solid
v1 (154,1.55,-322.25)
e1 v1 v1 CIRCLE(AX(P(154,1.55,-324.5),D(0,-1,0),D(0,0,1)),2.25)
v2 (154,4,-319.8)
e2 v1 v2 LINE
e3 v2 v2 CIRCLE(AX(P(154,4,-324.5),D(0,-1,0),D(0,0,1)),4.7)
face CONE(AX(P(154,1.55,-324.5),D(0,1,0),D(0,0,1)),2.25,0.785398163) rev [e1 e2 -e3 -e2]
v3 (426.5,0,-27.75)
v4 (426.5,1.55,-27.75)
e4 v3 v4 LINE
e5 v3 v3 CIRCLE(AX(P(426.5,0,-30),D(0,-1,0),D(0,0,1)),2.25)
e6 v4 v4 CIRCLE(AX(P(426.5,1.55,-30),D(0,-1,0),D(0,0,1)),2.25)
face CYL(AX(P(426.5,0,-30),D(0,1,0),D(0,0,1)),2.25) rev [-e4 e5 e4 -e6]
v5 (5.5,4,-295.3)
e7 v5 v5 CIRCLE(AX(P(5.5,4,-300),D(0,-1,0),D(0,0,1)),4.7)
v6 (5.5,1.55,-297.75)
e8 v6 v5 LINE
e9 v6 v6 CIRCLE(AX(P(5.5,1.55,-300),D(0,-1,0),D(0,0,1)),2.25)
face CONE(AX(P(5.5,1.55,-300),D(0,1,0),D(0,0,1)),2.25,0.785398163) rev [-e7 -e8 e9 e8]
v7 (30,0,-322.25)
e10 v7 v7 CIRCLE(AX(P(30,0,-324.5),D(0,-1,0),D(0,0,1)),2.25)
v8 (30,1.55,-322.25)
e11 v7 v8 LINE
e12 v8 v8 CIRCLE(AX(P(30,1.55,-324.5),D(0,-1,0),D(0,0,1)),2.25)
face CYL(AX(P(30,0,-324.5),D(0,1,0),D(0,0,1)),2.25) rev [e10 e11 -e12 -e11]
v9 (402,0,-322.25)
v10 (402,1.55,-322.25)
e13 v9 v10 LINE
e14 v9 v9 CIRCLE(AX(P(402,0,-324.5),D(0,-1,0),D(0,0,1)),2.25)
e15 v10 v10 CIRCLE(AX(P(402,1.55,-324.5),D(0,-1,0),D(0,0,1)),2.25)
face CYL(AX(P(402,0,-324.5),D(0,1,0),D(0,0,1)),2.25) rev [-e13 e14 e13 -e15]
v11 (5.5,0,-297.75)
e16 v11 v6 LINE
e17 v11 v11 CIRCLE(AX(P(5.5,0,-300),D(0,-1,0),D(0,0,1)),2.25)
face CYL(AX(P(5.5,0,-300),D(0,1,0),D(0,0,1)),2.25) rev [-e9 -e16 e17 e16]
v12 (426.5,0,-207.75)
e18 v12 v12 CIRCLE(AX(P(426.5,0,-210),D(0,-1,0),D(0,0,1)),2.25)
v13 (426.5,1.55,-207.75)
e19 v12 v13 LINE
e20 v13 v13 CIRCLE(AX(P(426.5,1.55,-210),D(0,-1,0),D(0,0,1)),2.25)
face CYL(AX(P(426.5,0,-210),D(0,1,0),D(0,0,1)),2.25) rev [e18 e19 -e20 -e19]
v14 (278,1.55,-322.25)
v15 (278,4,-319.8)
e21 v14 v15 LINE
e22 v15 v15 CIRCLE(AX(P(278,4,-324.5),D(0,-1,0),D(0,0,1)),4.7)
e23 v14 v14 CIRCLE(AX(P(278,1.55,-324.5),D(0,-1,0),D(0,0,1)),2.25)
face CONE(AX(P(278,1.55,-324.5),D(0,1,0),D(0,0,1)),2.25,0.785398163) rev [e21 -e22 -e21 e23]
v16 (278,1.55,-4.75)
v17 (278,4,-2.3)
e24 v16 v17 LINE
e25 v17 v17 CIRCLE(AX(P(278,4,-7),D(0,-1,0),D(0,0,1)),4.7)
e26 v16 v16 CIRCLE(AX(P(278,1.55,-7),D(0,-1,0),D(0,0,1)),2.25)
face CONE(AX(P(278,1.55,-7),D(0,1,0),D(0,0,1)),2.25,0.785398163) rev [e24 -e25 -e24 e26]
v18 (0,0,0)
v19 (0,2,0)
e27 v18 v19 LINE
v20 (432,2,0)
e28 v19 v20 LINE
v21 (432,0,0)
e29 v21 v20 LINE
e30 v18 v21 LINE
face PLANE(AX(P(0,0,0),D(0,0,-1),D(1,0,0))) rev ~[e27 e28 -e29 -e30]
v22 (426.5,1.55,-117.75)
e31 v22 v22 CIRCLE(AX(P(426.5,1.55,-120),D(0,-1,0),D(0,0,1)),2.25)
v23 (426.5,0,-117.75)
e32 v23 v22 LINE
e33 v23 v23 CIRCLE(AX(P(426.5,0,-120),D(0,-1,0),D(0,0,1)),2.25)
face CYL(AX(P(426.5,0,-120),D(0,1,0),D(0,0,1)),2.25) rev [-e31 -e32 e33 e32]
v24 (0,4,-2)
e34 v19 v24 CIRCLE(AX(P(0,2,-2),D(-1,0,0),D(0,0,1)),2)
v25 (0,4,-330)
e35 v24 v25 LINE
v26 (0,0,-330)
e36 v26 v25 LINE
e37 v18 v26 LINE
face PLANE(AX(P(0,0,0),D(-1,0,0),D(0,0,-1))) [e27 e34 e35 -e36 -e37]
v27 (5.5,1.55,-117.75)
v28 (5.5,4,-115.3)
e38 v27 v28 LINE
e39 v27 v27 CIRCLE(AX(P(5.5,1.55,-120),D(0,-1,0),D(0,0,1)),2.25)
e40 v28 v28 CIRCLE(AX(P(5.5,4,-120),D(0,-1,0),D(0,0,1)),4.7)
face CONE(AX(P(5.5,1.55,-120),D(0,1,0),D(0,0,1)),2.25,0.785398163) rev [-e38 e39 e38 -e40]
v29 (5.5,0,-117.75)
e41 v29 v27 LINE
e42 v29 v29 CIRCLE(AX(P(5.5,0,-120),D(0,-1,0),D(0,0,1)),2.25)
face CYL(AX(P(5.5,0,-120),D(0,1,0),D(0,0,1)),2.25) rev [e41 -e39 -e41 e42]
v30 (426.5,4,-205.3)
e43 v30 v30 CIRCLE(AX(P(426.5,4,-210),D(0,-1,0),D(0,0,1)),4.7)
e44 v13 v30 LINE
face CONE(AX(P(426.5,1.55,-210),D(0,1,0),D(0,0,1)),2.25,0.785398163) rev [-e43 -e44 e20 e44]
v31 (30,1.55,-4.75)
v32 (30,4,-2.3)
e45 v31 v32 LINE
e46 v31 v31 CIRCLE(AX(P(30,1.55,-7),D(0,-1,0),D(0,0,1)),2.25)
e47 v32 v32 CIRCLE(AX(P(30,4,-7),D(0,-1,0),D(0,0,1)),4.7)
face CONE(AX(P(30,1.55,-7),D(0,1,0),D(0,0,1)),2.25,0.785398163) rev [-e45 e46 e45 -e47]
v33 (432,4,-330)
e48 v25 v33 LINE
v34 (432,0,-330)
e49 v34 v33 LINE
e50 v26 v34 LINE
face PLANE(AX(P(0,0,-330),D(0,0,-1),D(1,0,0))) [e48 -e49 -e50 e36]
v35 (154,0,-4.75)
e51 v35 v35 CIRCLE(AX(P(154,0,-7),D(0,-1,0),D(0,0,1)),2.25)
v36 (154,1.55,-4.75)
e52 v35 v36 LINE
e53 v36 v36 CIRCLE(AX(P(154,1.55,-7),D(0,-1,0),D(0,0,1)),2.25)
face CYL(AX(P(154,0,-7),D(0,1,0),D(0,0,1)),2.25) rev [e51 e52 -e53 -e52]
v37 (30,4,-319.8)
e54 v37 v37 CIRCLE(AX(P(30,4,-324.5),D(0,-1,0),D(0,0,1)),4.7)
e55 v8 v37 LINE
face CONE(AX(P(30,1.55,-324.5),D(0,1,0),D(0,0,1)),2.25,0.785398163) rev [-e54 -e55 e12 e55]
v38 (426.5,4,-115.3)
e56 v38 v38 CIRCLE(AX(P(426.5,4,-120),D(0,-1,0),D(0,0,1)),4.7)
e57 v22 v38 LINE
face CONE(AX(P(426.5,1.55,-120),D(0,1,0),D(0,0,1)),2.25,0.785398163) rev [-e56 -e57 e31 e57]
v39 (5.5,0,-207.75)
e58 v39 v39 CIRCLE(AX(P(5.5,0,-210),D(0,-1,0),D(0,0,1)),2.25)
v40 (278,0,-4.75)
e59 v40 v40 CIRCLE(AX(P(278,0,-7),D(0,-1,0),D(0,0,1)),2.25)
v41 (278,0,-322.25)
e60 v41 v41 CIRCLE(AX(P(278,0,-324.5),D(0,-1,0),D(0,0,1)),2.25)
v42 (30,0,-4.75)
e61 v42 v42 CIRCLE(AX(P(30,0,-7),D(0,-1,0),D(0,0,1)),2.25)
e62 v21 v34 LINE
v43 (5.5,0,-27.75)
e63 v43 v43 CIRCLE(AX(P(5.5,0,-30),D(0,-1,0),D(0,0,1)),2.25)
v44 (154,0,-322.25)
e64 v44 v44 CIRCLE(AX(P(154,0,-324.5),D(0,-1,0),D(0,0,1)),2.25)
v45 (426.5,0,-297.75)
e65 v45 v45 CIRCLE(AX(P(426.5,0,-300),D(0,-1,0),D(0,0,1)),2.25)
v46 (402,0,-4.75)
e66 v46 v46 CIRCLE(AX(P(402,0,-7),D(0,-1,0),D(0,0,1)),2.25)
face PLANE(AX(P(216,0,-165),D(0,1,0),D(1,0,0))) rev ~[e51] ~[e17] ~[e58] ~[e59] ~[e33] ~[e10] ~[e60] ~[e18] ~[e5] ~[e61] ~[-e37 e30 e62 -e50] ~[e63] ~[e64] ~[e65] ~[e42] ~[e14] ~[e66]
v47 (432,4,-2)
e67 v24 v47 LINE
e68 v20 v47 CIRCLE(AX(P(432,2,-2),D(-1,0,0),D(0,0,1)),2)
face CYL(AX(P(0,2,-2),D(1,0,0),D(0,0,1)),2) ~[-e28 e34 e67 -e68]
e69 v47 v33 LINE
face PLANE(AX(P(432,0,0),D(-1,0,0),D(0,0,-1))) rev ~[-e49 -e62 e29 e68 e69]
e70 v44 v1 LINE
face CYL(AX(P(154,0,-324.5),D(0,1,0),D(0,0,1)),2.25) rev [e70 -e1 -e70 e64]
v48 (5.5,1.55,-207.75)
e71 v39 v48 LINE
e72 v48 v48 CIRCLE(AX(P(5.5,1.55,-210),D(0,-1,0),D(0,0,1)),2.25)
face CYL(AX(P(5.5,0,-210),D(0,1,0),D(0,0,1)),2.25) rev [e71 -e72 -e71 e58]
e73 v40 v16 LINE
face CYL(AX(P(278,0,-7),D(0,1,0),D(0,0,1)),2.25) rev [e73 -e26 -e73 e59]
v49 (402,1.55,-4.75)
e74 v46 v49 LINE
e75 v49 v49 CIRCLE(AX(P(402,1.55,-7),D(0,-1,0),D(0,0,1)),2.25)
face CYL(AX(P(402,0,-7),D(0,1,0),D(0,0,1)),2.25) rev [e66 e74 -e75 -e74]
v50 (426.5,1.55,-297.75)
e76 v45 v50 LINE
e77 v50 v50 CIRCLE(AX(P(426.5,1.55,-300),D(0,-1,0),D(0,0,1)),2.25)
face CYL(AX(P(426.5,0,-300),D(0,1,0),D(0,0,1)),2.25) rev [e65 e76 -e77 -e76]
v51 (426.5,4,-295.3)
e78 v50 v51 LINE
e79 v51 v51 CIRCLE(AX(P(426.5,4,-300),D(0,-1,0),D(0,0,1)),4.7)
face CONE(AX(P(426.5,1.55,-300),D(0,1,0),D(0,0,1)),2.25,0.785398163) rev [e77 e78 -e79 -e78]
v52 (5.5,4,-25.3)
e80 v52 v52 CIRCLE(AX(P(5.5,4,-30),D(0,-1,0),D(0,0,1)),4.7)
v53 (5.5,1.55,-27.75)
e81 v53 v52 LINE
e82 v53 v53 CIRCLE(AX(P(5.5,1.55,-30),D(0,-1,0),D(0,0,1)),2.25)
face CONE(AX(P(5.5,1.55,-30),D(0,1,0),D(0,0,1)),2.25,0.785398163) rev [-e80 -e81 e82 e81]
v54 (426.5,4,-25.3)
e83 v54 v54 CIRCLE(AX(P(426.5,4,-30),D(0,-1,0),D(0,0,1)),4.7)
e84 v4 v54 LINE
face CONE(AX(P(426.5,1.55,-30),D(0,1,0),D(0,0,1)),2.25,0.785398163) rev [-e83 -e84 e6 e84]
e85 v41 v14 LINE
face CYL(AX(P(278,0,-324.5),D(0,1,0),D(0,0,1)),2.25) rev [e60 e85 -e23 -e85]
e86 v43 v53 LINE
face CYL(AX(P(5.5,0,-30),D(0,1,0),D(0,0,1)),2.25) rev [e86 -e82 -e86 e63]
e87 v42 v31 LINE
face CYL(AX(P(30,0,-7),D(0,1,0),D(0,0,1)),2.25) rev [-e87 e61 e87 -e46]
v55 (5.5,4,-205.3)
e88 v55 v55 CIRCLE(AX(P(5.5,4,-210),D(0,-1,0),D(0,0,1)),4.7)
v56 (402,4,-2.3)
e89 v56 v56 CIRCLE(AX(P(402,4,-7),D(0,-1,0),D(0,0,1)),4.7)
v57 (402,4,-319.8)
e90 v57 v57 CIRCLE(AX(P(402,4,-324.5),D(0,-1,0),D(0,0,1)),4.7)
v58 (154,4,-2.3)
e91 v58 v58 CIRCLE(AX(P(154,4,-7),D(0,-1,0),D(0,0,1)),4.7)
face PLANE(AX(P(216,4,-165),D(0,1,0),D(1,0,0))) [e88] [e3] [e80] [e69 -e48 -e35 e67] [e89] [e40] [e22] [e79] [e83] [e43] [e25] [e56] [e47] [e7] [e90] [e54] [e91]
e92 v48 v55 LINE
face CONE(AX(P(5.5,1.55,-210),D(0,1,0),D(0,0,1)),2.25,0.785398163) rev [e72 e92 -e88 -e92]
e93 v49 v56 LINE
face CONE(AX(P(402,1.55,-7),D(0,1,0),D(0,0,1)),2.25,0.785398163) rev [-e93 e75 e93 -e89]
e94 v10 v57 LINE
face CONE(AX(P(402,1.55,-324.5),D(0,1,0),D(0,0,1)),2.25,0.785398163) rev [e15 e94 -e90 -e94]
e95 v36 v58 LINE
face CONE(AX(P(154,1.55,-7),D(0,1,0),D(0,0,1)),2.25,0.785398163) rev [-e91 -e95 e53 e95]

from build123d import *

# Parameters (mm, degrees)
SKETCH_2_W                 = 432
SKETCH_2_H                 = 330
EXTRUDE_1_DEPTH            = 4
FILLET_1_R                 = 2
HOLE_WIZARD_M4_AT_2_COUNT  = 2
HOLE_WIZARD_M4_AT_2_PITCH  = 124
HOLE_WIZARD_M4_AT_3_COUNT  = 2
HOLE_WIZARD_M4_AT_3_PITCH  = 248
HOLE_WIZARD_M4_AT_4_COUNT  = 2
HOLE_WIZARD_M4_AT_4_PITCH  = 372
HOLE_WIZARD_M4_AT_5_COUNT  = 2
HOLE_WIZARD_M4_AT_5_PITCH  = 397.256214552
HOLE_WIZARD_M4_AT_6_COUNT  = 2
HOLE_WIZARD_M4_AT_6_PITCH  = 412.701465953
HOLE_WIZARD_M4_AT_7_COUNT  = 2
HOLE_WIZARD_M4_AT_7_PITCH  = 446.130586264
HOLE_WIZARD_M4_AT_8_COUNT  = 2
HOLE_WIZARD_M4_AT_8_PITCH  = 493.905355306
HOLE_WIZARD_M4_AT_9_COUNT  = 2
HOLE_WIZARD_M4_AT_9_PITCH  = 489.070802645
HOLE_WIZARD_M4_AT_10_COUNT = 2
HOLE_WIZARD_M4_AT_10_PITCH = 402.87746276
HOLE_WIZARD_M4_AT_11_COUNT = 2
HOLE_WIZARD_M4_AT_11_PITCH = 340.855174524
HOLE_WIZARD_M4_AT_12_COUNT = 2
HOLE_WIZARD_M4_AT_12_PITCH = 317.5
HOLE_WIZARD_M4_AT_13_COUNT = 2
HOLE_WIZARD_M4_AT_13_PITCH = 295.517342977
HOLE_WIZARD_M4_AT_14_COUNT = 2
HOLE_WIZARD_M4_AT_14_PITCH = 205.962375205
HOLE_WIZARD_M4_AT_15_COUNT = 2
HOLE_WIZARD_M4_AT_15_PITCH = 117.091844293
HOLE_WIZARD_M4_AT_16_COUNT = 2
HOLE_WIZARD_M4_AT_16_PITCH = 34.648232278


with BuildPart() as part:
    # 草圖2 → 填料-伸長1 (new body)
    with BuildSketch(Plane(origin=(0, 0, 0), x_dir=(1, 0, 0), z_dir=(0, 1, 0))):
        with Locations((216, 165)):
            Rectangle(SKETCH_2_W, SKETCH_2_H)
    extrude(amount=EXTRUDE_1_DEPTH)

    # 圓角1
    fillet_1_edges = [part.edges().sort_by_distance(p)[0] for p in [
        (216, 4, 0),
    ]]
    fillet(fillet_1_edges, radius=FILLET_1_R)

    # 草圖4 → M4 測板連接 (revolve, cut)
    with BuildSketch(Plane(origin=(30, 4, -324.5), x_dir=(0, 0, 1), z_dir=(1, 0, 0))):
        Polygon((0, 0), (0, 4), (2.25, 4), (2.25, 2.45), (4.7, 0), align=None)
    hole_wizard_m4 = revolve(axis=Axis((30, 10.35, -324.5), (0, -1, 0)), mode=Mode.SUBTRACT)

    # M4 測板連接 at 2: M4 測板連接 ×2
    with Locations(*[(i * HOLE_WIZARD_M4_AT_2_PITCH, 0, 0) for i in range(1, HOLE_WIZARD_M4_AT_2_COUNT)]):
        add(hole_wizard_m4, mode=Mode.SUBTRACT)

    # M4 測板連接 at 3: M4 測板連接 ×2
    with Locations(*[(i * HOLE_WIZARD_M4_AT_3_PITCH, 0, 0) for i in range(1, HOLE_WIZARD_M4_AT_3_COUNT)]):
        add(hole_wizard_m4, mode=Mode.SUBTRACT)

    # M4 測板連接 at 4: M4 測板連接 ×2
    with Locations(*[(i * HOLE_WIZARD_M4_AT_4_PITCH, 0, 0) for i in range(1, HOLE_WIZARD_M4_AT_4_COUNT)]):
        add(hole_wizard_m4, mode=Mode.SUBTRACT)

    # M4 測板連接 at 5: M4 測板連接 ×2
    with Locations(*[Vector(0.998096406, 0, 0.061673044) * (i * HOLE_WIZARD_M4_AT_5_PITCH) for i in range(1, HOLE_WIZARD_M4_AT_5_COUNT)]):
        add(hole_wizard_m4, mode=Mode.SUBTRACT)

    # M4 測板連接 at 6: M4 測板連接 ×2
    with Locations(*[Vector(0.960742892, 0, 0.277440255) * (i * HOLE_WIZARD_M4_AT_6_PITCH) for i in range(1, HOLE_WIZARD_M4_AT_6_COUNT)]):
        add(hole_wizard_m4, mode=Mode.SUBTRACT)

    # M4 測板連接 at 7: M4 測板連接 ×2
    with Locations(*[Vector(0.888753231, 0, 0.458385967) * (i * HOLE_WIZARD_M4_AT_7_PITCH) for i in range(1, HOLE_WIZARD_M4_AT_7_COUNT)]):
        add(hole_wizard_m4, mode=Mode.SUBTRACT)

    # M4 測板連接 at 8: M4 測板連接 ×2
    with Locations(*[Vector(0.802785383, 0, 0.596268084) * (i * HOLE_WIZARD_M4_AT_8_PITCH) for i in range(1, HOLE_WIZARD_M4_AT_8_COUNT)]):
        add(hole_wizard_m4, mode=Mode.SUBTRACT)

    # M4 測板連接 at 9: M4 測板連接 ×2
    with Locations(*[Vector(0.760626065, 0, 0.649190257) * (i * HOLE_WIZARD_M4_AT_9_PITCH) for i in range(1, HOLE_WIZARD_M4_AT_9_COUNT)]):
        add(hole_wizard_m4, mode=Mode.SUBTRACT)

    # M4 測板連接 at 10: M4 測板連接 ×2
    with Locations(*[Vector(0.615571788, 0, 0.788080817) * (i * HOLE_WIZARD_M4_AT_10_PITCH) for i in range(1, HOLE_WIZARD_M4_AT_10_COUNT)]):
        add(hole_wizard_m4, mode=Mode.SUBTRACT)

    # M4 測板連接 at 11: M4 測板連接 ×2
    with Locations(*[Vector(0.363790869, 0, 0.931480651) * (i * HOLE_WIZARD_M4_AT_11_PITCH) for i in range(1, HOLE_WIZARD_M4_AT_11_COUNT)]):
        add(hole_wizard_m4, mode=Mode.SUBTRACT)

    # M4 測板連接 at 12: M4 測板連接 ×2
    with Locations(*[(0, 0, i * HOLE_WIZARD_M4_AT_12_PITCH) for i in range(1, HOLE_WIZARD_M4_AT_12_COUNT)]):
        add(hole_wizard_m4, mode=Mode.SUBTRACT)

    # M4 測板連接 at 13: M4 測板連接 ×2
    with Locations(*[Vector(-0.082905456, 0, 0.996557417) * (i * HOLE_WIZARD_M4_AT_13_PITCH) for i in range(1, HOLE_WIZARD_M4_AT_13_COUNT)]):
        add(hole_wizard_m4, mode=Mode.SUBTRACT)

    # M4 測板連接 at 14: M4 測板連接 ×2
    with Locations(*[Vector(-0.118953765, 0, 0.992899794) * (i * HOLE_WIZARD_M4_AT_14_PITCH) for i in range(1, HOLE_WIZARD_M4_AT_14_COUNT)]):
        add(hole_wizard_m4, mode=Mode.SUBTRACT)

    # M4 測板連接 at 15: M4 測板連接 ×2
    with Locations(*[Vector(-0.209237459, 0, 0.977864861) * (i * HOLE_WIZARD_M4_AT_15_PITCH) for i in range(1, HOLE_WIZARD_M4_AT_15_COUNT)]):
        add(hole_wizard_m4, mode=Mode.SUBTRACT)

    # M4 測板連接 at 16: M4 測板連接 ×2
    with Locations(*[Vector(-0.707106781, 0, 0.707106781) * (i * HOLE_WIZARD_M4_AT_16_PITCH) for i in range(1, HOLE_WIZARD_M4_AT_16_COUNT)]):
        add(hole_wizard_m4, mode=Mode.SUBTRACT)


solid = part.part
